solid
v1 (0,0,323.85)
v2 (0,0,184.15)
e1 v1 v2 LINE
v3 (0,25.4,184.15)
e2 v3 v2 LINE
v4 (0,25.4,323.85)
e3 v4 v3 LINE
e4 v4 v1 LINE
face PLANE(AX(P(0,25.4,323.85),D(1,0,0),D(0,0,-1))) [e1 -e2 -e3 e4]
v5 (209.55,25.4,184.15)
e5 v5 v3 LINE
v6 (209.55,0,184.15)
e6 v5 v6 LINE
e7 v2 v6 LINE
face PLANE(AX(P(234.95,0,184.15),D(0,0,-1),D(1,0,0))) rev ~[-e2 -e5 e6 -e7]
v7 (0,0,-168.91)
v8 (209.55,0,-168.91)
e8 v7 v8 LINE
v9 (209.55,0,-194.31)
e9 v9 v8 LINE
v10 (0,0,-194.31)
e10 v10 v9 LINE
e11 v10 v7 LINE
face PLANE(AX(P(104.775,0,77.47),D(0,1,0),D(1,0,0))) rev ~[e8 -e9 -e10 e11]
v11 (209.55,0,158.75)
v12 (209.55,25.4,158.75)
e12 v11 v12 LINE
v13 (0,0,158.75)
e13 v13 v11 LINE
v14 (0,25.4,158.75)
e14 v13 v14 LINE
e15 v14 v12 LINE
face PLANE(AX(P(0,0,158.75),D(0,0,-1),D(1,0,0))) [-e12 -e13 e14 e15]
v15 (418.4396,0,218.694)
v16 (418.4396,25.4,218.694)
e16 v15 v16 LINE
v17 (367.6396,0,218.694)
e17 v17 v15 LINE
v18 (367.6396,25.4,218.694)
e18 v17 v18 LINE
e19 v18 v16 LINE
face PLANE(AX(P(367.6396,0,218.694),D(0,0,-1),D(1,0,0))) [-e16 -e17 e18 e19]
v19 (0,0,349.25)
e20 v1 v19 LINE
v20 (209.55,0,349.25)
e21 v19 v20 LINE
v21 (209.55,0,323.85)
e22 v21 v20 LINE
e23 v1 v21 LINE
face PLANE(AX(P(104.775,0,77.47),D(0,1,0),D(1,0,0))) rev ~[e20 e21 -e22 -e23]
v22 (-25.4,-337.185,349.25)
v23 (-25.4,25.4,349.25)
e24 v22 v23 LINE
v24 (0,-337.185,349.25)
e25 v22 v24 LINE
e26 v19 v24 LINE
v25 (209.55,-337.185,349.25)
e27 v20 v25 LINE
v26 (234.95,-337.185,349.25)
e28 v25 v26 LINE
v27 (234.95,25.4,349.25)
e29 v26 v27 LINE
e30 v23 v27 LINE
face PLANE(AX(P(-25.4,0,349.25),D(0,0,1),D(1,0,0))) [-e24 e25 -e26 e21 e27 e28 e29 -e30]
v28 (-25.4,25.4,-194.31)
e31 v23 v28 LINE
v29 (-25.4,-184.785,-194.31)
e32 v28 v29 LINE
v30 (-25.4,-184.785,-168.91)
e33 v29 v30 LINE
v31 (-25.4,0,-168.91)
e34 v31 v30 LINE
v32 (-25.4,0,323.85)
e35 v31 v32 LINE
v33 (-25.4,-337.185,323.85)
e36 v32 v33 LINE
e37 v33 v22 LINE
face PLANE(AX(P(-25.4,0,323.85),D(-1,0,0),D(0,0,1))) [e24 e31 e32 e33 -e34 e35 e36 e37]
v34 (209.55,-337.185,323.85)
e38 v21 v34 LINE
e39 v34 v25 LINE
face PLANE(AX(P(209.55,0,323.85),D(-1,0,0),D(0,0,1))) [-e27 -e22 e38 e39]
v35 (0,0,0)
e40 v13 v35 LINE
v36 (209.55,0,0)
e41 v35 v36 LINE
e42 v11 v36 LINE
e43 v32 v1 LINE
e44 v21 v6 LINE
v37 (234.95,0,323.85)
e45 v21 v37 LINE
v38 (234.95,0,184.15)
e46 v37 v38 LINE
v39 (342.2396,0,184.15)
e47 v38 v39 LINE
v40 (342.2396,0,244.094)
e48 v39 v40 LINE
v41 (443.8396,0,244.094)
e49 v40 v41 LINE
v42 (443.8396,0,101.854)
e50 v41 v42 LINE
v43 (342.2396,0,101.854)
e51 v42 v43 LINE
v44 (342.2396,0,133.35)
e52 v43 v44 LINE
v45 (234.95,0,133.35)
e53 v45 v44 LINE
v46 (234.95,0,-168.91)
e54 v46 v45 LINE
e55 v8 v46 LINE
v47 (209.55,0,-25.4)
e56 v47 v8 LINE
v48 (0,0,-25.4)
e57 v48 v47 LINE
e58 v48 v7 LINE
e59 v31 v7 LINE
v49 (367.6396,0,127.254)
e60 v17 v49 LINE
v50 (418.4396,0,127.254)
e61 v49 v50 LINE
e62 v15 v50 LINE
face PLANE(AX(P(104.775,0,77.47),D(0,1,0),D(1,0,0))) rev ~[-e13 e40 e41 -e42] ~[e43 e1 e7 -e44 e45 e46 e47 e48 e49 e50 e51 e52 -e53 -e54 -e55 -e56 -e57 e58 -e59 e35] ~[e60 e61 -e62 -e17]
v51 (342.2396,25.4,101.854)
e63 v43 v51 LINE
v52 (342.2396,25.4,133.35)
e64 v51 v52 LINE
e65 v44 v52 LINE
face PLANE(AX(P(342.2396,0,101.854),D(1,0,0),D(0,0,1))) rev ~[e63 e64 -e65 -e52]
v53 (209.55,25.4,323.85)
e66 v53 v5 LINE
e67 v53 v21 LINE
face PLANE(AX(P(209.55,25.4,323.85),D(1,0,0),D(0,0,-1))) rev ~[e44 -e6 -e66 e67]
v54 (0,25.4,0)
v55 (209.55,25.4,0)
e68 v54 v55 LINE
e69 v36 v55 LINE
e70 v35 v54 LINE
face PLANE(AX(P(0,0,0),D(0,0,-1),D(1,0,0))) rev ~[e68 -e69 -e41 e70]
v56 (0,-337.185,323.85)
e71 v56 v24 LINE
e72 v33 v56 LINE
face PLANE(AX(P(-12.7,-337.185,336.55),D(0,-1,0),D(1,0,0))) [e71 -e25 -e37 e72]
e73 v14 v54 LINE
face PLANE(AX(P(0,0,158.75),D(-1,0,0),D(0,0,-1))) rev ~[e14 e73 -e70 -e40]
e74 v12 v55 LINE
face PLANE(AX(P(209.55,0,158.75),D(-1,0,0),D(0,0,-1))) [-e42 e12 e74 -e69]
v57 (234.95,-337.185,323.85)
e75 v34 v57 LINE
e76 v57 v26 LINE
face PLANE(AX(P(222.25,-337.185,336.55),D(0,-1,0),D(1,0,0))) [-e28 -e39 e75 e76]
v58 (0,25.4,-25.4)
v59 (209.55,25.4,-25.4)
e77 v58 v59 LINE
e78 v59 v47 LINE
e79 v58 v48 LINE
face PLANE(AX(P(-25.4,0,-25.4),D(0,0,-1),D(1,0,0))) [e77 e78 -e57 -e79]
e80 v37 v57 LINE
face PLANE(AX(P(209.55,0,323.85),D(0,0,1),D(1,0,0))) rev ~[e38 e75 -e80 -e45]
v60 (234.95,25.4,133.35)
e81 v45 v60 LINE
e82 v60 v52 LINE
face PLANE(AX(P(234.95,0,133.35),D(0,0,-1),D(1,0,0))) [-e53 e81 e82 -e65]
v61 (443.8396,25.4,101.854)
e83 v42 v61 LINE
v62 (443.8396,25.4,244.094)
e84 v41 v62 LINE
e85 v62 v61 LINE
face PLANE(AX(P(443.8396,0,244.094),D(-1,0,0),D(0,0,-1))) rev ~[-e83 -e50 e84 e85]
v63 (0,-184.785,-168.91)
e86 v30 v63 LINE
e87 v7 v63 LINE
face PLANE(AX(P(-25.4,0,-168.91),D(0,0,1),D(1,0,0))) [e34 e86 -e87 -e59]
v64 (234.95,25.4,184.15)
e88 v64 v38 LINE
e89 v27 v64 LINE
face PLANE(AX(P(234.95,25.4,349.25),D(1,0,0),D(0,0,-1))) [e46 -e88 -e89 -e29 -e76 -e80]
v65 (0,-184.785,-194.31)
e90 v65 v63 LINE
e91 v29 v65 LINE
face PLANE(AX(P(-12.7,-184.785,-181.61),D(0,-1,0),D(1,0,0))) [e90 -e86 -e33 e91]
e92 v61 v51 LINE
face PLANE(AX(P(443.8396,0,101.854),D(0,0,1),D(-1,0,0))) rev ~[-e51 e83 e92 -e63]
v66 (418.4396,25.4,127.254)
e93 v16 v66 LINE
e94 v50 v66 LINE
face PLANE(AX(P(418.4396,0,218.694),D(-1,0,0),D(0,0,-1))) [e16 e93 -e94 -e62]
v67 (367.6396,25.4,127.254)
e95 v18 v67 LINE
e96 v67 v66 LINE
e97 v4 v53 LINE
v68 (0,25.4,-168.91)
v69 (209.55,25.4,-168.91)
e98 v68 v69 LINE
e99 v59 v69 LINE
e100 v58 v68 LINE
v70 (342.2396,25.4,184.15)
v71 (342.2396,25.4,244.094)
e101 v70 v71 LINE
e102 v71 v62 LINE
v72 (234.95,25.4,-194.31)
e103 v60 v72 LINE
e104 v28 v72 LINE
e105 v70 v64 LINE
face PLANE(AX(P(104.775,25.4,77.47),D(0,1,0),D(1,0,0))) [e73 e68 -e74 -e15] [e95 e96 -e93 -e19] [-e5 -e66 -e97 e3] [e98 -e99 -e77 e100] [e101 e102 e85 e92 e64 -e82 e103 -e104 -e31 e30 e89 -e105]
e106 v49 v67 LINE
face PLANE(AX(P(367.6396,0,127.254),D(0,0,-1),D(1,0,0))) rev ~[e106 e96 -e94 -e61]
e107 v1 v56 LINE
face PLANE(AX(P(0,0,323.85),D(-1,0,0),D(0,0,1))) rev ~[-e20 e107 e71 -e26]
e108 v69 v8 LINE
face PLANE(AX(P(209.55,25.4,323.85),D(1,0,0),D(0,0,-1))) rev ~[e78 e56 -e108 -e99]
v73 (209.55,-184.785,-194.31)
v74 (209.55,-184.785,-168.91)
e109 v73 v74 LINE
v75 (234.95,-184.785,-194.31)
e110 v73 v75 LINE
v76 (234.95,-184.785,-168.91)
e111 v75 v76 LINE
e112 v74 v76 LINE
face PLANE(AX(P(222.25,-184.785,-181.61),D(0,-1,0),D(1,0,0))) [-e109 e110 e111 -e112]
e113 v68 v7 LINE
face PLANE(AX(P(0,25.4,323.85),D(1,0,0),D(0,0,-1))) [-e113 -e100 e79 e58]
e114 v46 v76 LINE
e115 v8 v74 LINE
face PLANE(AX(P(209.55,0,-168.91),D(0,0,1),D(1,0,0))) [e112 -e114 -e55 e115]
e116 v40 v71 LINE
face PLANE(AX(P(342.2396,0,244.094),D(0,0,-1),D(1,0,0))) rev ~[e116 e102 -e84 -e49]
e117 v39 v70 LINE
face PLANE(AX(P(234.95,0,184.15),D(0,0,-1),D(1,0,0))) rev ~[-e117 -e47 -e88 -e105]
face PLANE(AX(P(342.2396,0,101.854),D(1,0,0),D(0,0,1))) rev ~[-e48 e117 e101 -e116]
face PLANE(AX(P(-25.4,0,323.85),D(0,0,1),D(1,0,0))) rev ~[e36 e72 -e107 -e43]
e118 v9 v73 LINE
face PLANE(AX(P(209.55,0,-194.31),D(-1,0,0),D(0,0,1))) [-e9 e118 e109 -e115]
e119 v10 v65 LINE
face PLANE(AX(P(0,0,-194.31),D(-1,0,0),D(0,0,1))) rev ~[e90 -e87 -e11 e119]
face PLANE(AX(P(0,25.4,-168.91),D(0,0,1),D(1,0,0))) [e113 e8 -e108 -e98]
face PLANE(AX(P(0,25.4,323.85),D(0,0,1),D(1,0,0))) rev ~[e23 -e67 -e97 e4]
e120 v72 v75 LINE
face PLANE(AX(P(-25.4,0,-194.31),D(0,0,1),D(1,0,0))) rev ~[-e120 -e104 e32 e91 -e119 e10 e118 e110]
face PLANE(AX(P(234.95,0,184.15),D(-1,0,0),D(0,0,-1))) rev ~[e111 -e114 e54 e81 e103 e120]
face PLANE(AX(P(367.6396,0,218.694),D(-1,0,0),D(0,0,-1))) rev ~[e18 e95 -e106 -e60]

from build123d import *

# Parameters (mm, degrees)
SKETCH2_W           = 260.35
SKETCH2_H           = 209.55
SKETCH2_W_2         = 209.55
SKETCH2_H_2         = 158.75
SKETCH2_W_3         = 50.8
SKETCH2_H_3         = 91.44
SKETCH2_W_4         = 107.2896
SKETCH2_H_4         = 50.8
BOSS_EXTRUDE1_DEPTH = 25.4
SKETCH3_W           = 260.35
SKETCH3_H           = 543.56
SKETCH3_W_2         = 209.55
SKETCH3_H_2         = 492.76
BOSS_EXTRUDE2_DEPTH = 25.4
SKETCH4_W           = 25.4
SKETCH4_H           = 25.4
BOSS_EXTRUDE3_DEPTH = 184.785
SKETCH5_W           = 25.4
SKETCH5_H           = 25.4
BOSS_EXTRUDE4_DEPTH = 337.185


with BuildPart() as part:
    # Sketch2 → Boss-Extrude1 (new body)
    # profile 1 of 3: a face of its own
    with BuildSketch(Plane(origin=(0, 0, 0), x_dir=(1, 0, 0), z_dir=(0, 1, 0))):
        with Locations((104.775, -79.375)):
            Rectangle(SKETCH2_W, SKETCH2_H)
        with Locations((104.775, -79.375)):
            Rectangle(SKETCH2_W_2, SKETCH2_H_2, mode=Mode.SUBTRACT)
    # profile 2 of 3: a face of its own
    with BuildSketch(Plane(origin=(0, 0, 0), x_dir=(1, 0, 0), z_dir=(0, 1, 0))):
        Polygon((342.2396, -133.35), (342.2396, -184.15), (342.2396, -244.094), (443.8396, -244.094), (443.8396, -101.854), (342.2396, -101.854), align=None)
        with Locations((393.0396, -172.974)):
            Rectangle(SKETCH2_W_3, SKETCH2_H_3, mode=Mode.SUBTRACT)
    # profile 3 of 3: a face of its own
    with BuildSketch(Plane(origin=(0, 0, 0), x_dir=(1, 0, 0), z_dir=(0, 1, 0))):
        with Locations((288.5948, -158.75)):
            Rectangle(SKETCH2_W_4, SKETCH2_H_4)
    extrude(amount=BOSS_EXTRUDE1_DEPTH)

    # Sketch3 → Boss-Extrude2 (add)
    with BuildSketch(Plane(origin=(0, 25.4, 0), x_dir=(1, 0, 0), z_dir=(0, 1, 0))):
        with Locations((104.775, -77.47)):
            Rectangle(SKETCH3_W, SKETCH3_H)
        with Locations((104.775, -77.47)):
            Rectangle(SKETCH3_W_2, SKETCH3_H_2, mode=Mode.SUBTRACT)
    extrude(amount=-BOSS_EXTRUDE2_DEPTH)

    # Sketch4 → Boss-Extrude3 (add)
    with BuildSketch(Plane.XZ):
        with Locations((-12.7, -181.61)):
            Rectangle(SKETCH4_W, SKETCH4_H)
        with Locations((222.25, -181.61)):
            Rectangle(SKETCH4_W, SKETCH4_H)
    extrude(amount=BOSS_EXTRUDE3_DEPTH)

    # Sketch5 → Boss-Extrude4 (add)
    with BuildSketch(Plane.XZ):
        with Locations((-12.7, 336.55)):
            Rectangle(SKETCH5_W, SKETCH5_H)
        with Locations((222.25, 336.55)):
            Rectangle(SKETCH5_W, SKETCH5_H)
    extrude(amount=BOSS_EXTRUDE4_DEPTH)


solid = part.part
